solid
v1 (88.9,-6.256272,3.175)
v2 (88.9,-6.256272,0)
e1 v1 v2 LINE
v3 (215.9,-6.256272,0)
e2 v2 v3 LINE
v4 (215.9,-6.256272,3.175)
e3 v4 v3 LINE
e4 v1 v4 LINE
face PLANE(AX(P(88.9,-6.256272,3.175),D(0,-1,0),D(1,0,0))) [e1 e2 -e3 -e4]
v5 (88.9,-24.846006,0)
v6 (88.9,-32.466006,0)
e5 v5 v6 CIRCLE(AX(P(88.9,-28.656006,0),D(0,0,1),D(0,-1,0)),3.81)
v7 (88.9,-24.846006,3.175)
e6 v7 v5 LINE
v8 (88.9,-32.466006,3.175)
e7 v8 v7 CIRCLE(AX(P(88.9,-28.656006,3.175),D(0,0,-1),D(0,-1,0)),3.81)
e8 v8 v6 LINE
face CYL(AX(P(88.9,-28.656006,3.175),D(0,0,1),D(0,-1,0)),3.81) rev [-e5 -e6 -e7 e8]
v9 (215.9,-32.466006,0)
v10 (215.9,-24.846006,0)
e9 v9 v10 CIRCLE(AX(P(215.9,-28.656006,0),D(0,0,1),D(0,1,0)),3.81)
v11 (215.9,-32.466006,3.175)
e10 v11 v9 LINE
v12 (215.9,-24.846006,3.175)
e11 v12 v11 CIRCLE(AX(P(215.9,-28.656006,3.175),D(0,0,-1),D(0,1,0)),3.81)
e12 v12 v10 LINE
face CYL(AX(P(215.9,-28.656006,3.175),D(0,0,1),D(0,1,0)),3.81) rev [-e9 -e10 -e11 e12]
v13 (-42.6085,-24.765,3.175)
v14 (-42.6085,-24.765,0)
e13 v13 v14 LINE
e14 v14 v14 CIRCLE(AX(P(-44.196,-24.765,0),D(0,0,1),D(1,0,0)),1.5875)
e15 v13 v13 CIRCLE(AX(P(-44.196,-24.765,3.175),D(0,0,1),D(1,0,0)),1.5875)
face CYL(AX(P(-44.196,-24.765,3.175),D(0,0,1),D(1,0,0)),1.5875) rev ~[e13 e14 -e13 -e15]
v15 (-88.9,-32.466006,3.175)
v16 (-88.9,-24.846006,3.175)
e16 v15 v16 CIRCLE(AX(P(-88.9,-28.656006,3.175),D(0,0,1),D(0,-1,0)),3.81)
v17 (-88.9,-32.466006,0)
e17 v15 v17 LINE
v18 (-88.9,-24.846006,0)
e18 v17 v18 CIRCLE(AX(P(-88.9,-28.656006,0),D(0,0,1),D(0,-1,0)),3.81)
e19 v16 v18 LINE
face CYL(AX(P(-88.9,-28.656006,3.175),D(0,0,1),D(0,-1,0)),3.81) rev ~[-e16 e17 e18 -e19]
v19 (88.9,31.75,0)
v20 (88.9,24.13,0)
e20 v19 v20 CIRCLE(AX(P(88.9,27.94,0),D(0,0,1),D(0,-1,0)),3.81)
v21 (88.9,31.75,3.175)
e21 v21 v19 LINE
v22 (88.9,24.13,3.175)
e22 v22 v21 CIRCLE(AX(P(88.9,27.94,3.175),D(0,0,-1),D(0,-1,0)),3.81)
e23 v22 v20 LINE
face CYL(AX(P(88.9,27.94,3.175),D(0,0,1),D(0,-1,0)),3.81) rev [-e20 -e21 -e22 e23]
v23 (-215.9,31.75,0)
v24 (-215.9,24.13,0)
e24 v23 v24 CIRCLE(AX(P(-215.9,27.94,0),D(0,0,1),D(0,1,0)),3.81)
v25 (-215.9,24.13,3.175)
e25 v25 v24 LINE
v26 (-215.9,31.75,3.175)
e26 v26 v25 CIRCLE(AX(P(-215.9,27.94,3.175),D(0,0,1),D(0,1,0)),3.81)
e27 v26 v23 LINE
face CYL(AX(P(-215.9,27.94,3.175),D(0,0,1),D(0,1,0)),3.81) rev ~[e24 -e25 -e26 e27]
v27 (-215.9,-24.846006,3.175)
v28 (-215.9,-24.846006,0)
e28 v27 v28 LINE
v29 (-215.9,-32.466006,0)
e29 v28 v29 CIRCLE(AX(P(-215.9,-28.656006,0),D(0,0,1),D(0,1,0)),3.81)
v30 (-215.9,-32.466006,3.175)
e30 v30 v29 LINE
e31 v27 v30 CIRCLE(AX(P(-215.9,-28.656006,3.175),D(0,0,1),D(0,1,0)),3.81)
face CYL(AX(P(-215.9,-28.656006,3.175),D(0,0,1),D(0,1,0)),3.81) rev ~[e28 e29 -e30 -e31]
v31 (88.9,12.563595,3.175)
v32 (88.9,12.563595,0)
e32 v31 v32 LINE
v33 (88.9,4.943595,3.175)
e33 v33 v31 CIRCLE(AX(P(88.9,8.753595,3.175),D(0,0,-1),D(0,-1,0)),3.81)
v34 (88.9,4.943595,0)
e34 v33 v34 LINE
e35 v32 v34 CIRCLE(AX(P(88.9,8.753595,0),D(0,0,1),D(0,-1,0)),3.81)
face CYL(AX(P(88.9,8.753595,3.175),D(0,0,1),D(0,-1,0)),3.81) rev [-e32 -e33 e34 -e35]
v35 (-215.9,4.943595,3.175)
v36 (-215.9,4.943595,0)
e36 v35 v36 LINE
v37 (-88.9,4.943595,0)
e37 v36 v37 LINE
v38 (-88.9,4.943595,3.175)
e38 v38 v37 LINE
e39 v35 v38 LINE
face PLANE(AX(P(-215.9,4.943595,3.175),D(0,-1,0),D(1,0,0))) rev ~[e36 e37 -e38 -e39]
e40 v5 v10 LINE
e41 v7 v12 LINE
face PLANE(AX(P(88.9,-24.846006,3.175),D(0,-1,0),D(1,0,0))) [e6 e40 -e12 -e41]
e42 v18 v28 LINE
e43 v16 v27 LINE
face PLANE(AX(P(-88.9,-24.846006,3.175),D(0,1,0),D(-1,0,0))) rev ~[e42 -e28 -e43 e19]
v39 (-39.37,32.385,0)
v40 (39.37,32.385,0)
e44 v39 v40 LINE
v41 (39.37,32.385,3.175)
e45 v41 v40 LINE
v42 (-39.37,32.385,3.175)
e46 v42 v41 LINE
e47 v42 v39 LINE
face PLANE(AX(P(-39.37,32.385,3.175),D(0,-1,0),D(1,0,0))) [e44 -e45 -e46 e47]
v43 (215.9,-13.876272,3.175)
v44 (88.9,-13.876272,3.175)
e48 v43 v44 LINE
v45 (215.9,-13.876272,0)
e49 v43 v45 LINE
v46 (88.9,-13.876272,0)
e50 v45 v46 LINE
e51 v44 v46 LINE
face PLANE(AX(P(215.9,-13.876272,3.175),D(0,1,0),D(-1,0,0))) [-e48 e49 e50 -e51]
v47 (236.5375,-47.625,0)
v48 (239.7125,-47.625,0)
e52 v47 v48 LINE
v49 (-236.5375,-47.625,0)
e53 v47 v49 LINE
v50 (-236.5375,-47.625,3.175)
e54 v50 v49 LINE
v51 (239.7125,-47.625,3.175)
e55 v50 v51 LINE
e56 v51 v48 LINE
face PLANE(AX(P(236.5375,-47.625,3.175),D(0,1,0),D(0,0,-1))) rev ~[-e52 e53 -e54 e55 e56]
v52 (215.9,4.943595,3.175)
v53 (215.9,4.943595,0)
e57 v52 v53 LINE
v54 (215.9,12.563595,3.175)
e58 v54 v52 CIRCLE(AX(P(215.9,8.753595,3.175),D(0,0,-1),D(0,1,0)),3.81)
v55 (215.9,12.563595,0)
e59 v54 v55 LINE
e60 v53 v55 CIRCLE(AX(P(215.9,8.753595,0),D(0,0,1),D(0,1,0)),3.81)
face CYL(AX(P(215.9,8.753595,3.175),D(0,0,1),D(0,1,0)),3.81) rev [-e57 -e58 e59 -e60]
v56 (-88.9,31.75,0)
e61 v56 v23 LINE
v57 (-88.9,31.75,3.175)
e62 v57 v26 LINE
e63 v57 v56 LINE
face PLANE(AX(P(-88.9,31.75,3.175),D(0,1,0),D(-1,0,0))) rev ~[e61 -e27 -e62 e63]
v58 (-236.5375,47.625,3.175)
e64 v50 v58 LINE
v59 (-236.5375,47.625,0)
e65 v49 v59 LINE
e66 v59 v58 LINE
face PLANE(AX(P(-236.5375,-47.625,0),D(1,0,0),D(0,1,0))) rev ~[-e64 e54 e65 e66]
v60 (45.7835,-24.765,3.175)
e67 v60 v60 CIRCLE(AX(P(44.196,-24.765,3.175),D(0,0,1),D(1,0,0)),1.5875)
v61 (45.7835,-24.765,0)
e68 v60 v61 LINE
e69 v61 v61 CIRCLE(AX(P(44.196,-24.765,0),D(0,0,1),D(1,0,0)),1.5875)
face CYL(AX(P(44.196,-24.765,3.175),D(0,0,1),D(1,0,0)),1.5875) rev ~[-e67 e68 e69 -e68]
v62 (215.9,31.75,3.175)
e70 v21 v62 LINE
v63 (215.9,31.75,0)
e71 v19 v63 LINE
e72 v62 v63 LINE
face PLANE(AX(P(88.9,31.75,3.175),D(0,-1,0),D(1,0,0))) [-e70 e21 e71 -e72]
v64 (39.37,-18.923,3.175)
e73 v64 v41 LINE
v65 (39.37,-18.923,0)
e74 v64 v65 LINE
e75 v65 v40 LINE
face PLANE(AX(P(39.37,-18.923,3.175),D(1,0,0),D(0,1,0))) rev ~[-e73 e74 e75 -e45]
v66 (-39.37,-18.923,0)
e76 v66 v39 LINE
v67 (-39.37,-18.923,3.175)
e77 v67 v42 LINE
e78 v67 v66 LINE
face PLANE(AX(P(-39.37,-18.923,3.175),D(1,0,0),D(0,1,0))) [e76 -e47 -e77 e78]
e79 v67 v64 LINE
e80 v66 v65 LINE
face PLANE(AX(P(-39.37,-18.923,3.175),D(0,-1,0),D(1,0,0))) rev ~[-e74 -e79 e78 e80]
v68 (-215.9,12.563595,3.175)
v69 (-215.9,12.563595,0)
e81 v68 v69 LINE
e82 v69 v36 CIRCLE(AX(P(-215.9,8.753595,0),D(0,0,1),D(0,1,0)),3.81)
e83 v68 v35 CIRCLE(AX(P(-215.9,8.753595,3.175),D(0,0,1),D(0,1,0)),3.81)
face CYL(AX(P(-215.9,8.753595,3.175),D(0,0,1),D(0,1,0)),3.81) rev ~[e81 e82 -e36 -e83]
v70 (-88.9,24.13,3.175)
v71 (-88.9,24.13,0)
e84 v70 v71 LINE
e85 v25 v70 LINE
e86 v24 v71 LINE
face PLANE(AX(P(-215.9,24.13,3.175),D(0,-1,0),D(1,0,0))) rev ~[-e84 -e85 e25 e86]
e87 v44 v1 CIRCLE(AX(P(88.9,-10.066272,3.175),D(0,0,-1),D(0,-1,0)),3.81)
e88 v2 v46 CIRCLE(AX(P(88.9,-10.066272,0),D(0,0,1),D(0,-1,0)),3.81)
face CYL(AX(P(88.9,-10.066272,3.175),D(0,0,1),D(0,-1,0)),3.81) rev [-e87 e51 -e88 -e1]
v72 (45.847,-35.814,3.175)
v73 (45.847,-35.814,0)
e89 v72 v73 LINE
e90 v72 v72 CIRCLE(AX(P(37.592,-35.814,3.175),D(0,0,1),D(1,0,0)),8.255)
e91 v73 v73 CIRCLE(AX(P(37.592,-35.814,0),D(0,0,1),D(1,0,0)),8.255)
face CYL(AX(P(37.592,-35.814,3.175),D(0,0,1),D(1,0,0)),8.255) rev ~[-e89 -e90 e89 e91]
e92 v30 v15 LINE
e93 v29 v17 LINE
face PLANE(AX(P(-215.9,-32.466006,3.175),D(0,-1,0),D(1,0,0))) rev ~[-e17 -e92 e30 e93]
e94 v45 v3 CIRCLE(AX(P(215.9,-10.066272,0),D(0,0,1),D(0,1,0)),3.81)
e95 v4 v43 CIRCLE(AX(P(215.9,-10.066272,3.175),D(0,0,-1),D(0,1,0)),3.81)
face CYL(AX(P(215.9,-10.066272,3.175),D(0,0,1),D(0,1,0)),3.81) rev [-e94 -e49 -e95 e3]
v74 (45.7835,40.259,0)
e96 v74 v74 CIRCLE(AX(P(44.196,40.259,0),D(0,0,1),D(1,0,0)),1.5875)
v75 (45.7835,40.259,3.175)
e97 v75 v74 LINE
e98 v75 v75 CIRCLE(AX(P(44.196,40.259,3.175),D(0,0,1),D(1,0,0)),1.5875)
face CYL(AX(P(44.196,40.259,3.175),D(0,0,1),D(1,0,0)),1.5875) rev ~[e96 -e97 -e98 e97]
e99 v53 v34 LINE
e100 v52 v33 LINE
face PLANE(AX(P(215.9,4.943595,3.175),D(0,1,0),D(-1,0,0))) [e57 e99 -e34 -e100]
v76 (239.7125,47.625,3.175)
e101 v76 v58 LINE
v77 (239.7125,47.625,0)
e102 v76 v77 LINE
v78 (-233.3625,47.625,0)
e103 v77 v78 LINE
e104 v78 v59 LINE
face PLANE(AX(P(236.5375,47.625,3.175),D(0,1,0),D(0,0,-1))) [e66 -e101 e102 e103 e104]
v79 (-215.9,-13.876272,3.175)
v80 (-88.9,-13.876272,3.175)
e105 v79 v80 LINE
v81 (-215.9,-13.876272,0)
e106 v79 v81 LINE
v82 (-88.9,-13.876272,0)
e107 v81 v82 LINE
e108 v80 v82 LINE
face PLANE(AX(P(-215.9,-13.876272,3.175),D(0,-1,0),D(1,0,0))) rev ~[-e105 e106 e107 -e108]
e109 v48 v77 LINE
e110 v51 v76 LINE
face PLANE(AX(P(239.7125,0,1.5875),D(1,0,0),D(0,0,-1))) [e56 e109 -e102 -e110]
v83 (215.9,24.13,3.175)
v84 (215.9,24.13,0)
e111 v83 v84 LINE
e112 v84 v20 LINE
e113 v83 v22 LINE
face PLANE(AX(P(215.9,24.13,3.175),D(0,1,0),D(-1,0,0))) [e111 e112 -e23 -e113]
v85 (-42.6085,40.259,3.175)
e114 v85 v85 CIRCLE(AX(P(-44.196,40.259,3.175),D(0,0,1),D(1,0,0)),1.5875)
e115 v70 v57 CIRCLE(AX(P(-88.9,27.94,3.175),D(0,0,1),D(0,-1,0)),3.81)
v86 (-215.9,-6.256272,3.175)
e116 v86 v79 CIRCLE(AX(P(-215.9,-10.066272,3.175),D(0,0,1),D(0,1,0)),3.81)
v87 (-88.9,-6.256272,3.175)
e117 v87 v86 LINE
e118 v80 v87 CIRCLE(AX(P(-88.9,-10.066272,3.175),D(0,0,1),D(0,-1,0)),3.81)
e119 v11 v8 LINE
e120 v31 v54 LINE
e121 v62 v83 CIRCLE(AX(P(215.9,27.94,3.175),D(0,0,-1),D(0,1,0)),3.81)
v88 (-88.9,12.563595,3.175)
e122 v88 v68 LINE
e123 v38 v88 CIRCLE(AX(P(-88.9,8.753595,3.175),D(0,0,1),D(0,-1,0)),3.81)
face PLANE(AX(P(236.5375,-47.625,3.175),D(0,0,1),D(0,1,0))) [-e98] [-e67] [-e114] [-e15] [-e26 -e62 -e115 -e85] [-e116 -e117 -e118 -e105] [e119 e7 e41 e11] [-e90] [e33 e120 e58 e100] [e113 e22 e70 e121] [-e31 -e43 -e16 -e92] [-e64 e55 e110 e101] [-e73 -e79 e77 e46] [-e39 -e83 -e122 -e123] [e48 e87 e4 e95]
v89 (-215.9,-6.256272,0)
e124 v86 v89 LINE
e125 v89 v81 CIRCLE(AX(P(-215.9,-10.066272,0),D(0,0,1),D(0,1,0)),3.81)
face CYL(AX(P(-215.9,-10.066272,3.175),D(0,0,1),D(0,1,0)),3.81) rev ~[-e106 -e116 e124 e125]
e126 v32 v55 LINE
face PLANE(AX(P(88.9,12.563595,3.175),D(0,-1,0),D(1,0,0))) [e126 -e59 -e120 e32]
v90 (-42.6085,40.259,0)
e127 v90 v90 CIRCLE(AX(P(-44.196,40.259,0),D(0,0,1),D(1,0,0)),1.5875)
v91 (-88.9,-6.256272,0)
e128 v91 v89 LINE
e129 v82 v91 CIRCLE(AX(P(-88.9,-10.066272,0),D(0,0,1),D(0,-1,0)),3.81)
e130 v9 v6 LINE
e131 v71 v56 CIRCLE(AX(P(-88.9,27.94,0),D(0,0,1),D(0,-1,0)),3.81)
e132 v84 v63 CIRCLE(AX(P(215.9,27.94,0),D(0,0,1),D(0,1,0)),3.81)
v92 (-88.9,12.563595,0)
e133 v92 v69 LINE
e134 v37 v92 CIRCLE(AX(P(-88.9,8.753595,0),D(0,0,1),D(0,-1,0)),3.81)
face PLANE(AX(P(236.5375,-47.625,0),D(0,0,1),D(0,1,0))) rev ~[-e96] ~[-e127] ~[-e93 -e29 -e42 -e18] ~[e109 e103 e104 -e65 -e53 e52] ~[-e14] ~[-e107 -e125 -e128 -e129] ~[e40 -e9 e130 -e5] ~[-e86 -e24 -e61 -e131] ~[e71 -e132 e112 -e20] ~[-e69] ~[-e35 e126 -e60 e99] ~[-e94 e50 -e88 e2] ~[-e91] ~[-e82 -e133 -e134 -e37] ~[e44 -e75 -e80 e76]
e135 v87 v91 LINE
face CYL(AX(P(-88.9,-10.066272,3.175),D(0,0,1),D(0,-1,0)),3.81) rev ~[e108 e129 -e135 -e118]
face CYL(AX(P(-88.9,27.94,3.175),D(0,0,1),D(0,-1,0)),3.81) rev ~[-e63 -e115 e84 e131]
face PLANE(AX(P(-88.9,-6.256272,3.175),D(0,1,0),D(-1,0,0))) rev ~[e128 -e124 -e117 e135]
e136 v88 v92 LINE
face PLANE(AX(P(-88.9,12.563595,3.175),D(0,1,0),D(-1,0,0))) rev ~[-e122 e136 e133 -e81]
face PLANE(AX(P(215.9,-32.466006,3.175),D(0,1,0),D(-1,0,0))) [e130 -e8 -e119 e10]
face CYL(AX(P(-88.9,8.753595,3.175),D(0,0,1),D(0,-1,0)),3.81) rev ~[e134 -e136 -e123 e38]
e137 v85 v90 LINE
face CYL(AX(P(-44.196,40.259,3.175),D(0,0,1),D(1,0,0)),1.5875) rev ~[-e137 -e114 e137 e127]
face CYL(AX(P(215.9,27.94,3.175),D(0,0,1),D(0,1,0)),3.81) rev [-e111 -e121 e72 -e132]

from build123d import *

# Parameters (mm, degrees)
SKETCH1_W           = 473.075
SKETCH1_H           = 95.25
BOSS_EXTRUDE1_DEPTH = 3.175
SKETCH3_W           = 78.74
SKETCH3_H           = 51.308
CUT_EXTRUDE2_DEPTH  = 242.305221983
SKETCH4_R           = 8.255
CUT_EXTRUDE3_DEPTH  = 242.305221983
SKETCH5_R           = 1.5875
CUT_EXTRUDE4_DEPTH  = 242.305221983
SKETCH6_W           = 3.175
SKETCH6_H           = 95.25
BOSS_EXTRUDE2_DEPTH = 371.948016105
SKETCH7_R           = 3.81
SKETCH7_W           = 50.8
SKETCH7_H           = 73.025
CUT_EXTRUDE5_DEPTH  = 381
CUT_EXTRUDE6_DEPTH  = 381
SKETCH12_W          = 371.948016105
SKETCH12_H          = 95.25
CUT_EXTRUDE7_DEPTH  = 54.356
SKETCH13_W          = 3.175
SKETCH13_H          = 95.25
BOSS_EXTRUDE3_DEPTH = 3.175


with BuildPart() as part:
    # Sketch1 → Boss-Extrude1 (new body)
    with BuildSketch(Plane.XY):
        Rectangle(SKETCH1_W, SKETCH1_H)
    extrude(amount=BOSS_EXTRUDE1_DEPTH)

    # Sketch3 → Cut-Extrude2 (cut, through all)
    with BuildSketch(Plane.XY.offset(3.175)):
        with Locations((0, 6.731)):
            Rectangle(SKETCH3_W, SKETCH3_H)
    extrude(amount=-CUT_EXTRUDE2_DEPTH, mode=Mode.SUBTRACT)

    # Sketch4 → Cut-Extrude3 (cut, through all)
    with BuildSketch(Plane.XY.offset(3.175)):
        with Locations((37.592, -35.814)):
            Circle(SKETCH4_R)
    extrude(amount=-CUT_EXTRUDE3_DEPTH, mode=Mode.SUBTRACT)

    # Sketch5 → Cut-Extrude4 (cut, through all)
    with BuildSketch(Plane.XY.offset(3.175)):
        with Locations((44.196, 40.259)):
            Circle(SKETCH5_R)
        with Locations((44.196, -24.765)):
            Circle(SKETCH5_R)
        with Locations((-44.196, -24.765)):
            Circle(SKETCH5_R)
        with Locations((-44.196, 40.259)):
            Circle(SKETCH5_R)
    extrude(amount=-CUT_EXTRUDE4_DEPTH, mode=Mode.SUBTRACT)

    # Sketch6 → Boss-Extrude2 (add)
    with BuildSketch(Plane(origin=(0, 0, 0), x_dir=(-1, 0, 0), z_dir=(0, 0, -1))):
        with Locations((234.95, 0)):
            Rectangle(SKETCH6_W, SKETCH6_H)
    extrude(amount=BOSS_EXTRUDE2_DEPTH)

    # Sketch7 → Cut-Extrude5 (cut)
    with BuildSketch(Plane.ZY.offset(236.5375)):
        with Locations((-248.250016105, -28.575)):
            Circle(SKETCH7_R)
        with Locations((-308.448016105, -7.9375)):
            Rectangle(SKETCH7_W, SKETCH7_H)
    extrude(amount=-CUT_EXTRUDE5_DEPTH, mode=Mode.SUBTRACT)

    # Sketch8 → Cut-Extrude6 (cut)
    with BuildSketch(Plane.XY.offset(3.175)):
        with BuildLine():
            Line((215.9, 31.75), (88.9, 31.75))
            ThreePointArc((88.9, 31.75), (85.09, 27.94), (88.9, 24.13))
            Line((88.9, 24.13), (215.9, 24.13))
            ThreePointArc((215.9, 24.13), (219.71, 27.94), (215.9, 31.75))
        make_face()
        with BuildLine():
            Line((215.9, 12.563594852), (88.9, 12.563594852))
            ThreePointArc((88.9, 12.563594852), (85.09, 8.753594852), (88.9, 4.943594852))
            Line((88.9, 4.943594852), (215.9, 4.943594852))
            ThreePointArc((215.9, 4.943594852), (219.71, 8.753594852), (215.9, 12.563594852))
        make_face()
        with BuildLine():
            Line((215.9, -6.256272006), (88.9, -6.256272006))
            ThreePointArc((88.9, -6.256272006), (85.09, -10.066272006), (88.9, -13.876272006))
            Line((88.9, -13.876272006), (215.9, -13.876272006))
            ThreePointArc((215.9, -13.876272006), (219.71, -10.066272006), (215.9, -6.256272006))
        make_face()
        with BuildLine():
            Line((215.9, -24.84600572), (88.9, -24.84600572))
            ThreePointArc((88.9, -24.84600572), (85.09, -28.65600572), (88.9, -32.46600572))
            Line((88.9, -32.46600572), (215.9, -32.46600572))
            ThreePointArc((215.9, -32.46600572), (219.71, -28.65600572), (215.9, -24.84600572))
        make_face()
        with BuildLine():
            ThreePointArc((-88.9, -32.46600572), (-85.09, -28.65600572), (-88.9, -24.84600572))
            Line((-88.9, -24.84600572), (-215.9, -24.84600572))
            ThreePointArc((-215.9, -24.84600572), (-219.71, -28.65600572), (-215.9, -32.46600572))
            Line((-215.9, -32.46600572), (-88.9, -32.46600572))
        make_face()
        with BuildLine():
            ThreePointArc((-88.9, -13.876272006), (-85.09, -10.066272006), (-88.9, -6.256272006))
            Line((-88.9, -6.256272006), (-215.9, -6.256272006))
            ThreePointArc((-215.9, -6.256272006), (-219.71, -10.066272006), (-215.9, -13.876272006))
            Line((-215.9, -13.876272006), (-88.9, -13.876272006))
        make_face()
        with BuildLine():
            ThreePointArc((-88.9, 4.943594852), (-85.09, 8.753594852), (-88.9, 12.563594852))
            Line((-88.9, 12.563594852), (-215.9, 12.563594852))
            ThreePointArc((-215.9, 12.563594852), (-219.71, 8.753594852), (-215.9, 4.943594852))
            Line((-215.9, 4.943594852), (-88.9, 4.943594852))
        make_face()
        with BuildLine():
            ThreePointArc((-88.9, 24.13), (-85.09, 27.94), (-88.9, 31.75))
            Line((-88.9, 31.75), (-215.9, 31.75))
            ThreePointArc((-215.9, 31.75), (-219.71, 27.94), (-215.9, 24.13))
            Line((-215.9, 24.13), (-88.9, 24.13))
        make_face()
    extrude(amount=-CUT_EXTRUDE6_DEPTH, mode=Mode.SUBTRACT)

    # Sketch12 → Cut-Extrude7 (cut)
    with BuildSketch(Plane(origin=(-233.3625, 0, 0), x_dir=(0, 0, -1), z_dir=(1, 0, 0))):
        with Locations((185.974008053, 0)):
            Rectangle(SKETCH12_W, SKETCH12_H)
    extrude(amount=-CUT_EXTRUDE7_DEPTH, mode=Mode.SUBTRACT)

    # Sketch13 → Boss-Extrude3 (add)
    with BuildSketch(Plane(origin=(236.5375, 0, 0), x_dir=(0, 0, -1), z_dir=(1, 0, 0))):
        with Locations((-1.5875, 0)):
            Rectangle(SKETCH13_W, SKETCH13_H)
    extrude(amount=BOSS_EXTRUDE3_DEPTH)


solid = part.part
